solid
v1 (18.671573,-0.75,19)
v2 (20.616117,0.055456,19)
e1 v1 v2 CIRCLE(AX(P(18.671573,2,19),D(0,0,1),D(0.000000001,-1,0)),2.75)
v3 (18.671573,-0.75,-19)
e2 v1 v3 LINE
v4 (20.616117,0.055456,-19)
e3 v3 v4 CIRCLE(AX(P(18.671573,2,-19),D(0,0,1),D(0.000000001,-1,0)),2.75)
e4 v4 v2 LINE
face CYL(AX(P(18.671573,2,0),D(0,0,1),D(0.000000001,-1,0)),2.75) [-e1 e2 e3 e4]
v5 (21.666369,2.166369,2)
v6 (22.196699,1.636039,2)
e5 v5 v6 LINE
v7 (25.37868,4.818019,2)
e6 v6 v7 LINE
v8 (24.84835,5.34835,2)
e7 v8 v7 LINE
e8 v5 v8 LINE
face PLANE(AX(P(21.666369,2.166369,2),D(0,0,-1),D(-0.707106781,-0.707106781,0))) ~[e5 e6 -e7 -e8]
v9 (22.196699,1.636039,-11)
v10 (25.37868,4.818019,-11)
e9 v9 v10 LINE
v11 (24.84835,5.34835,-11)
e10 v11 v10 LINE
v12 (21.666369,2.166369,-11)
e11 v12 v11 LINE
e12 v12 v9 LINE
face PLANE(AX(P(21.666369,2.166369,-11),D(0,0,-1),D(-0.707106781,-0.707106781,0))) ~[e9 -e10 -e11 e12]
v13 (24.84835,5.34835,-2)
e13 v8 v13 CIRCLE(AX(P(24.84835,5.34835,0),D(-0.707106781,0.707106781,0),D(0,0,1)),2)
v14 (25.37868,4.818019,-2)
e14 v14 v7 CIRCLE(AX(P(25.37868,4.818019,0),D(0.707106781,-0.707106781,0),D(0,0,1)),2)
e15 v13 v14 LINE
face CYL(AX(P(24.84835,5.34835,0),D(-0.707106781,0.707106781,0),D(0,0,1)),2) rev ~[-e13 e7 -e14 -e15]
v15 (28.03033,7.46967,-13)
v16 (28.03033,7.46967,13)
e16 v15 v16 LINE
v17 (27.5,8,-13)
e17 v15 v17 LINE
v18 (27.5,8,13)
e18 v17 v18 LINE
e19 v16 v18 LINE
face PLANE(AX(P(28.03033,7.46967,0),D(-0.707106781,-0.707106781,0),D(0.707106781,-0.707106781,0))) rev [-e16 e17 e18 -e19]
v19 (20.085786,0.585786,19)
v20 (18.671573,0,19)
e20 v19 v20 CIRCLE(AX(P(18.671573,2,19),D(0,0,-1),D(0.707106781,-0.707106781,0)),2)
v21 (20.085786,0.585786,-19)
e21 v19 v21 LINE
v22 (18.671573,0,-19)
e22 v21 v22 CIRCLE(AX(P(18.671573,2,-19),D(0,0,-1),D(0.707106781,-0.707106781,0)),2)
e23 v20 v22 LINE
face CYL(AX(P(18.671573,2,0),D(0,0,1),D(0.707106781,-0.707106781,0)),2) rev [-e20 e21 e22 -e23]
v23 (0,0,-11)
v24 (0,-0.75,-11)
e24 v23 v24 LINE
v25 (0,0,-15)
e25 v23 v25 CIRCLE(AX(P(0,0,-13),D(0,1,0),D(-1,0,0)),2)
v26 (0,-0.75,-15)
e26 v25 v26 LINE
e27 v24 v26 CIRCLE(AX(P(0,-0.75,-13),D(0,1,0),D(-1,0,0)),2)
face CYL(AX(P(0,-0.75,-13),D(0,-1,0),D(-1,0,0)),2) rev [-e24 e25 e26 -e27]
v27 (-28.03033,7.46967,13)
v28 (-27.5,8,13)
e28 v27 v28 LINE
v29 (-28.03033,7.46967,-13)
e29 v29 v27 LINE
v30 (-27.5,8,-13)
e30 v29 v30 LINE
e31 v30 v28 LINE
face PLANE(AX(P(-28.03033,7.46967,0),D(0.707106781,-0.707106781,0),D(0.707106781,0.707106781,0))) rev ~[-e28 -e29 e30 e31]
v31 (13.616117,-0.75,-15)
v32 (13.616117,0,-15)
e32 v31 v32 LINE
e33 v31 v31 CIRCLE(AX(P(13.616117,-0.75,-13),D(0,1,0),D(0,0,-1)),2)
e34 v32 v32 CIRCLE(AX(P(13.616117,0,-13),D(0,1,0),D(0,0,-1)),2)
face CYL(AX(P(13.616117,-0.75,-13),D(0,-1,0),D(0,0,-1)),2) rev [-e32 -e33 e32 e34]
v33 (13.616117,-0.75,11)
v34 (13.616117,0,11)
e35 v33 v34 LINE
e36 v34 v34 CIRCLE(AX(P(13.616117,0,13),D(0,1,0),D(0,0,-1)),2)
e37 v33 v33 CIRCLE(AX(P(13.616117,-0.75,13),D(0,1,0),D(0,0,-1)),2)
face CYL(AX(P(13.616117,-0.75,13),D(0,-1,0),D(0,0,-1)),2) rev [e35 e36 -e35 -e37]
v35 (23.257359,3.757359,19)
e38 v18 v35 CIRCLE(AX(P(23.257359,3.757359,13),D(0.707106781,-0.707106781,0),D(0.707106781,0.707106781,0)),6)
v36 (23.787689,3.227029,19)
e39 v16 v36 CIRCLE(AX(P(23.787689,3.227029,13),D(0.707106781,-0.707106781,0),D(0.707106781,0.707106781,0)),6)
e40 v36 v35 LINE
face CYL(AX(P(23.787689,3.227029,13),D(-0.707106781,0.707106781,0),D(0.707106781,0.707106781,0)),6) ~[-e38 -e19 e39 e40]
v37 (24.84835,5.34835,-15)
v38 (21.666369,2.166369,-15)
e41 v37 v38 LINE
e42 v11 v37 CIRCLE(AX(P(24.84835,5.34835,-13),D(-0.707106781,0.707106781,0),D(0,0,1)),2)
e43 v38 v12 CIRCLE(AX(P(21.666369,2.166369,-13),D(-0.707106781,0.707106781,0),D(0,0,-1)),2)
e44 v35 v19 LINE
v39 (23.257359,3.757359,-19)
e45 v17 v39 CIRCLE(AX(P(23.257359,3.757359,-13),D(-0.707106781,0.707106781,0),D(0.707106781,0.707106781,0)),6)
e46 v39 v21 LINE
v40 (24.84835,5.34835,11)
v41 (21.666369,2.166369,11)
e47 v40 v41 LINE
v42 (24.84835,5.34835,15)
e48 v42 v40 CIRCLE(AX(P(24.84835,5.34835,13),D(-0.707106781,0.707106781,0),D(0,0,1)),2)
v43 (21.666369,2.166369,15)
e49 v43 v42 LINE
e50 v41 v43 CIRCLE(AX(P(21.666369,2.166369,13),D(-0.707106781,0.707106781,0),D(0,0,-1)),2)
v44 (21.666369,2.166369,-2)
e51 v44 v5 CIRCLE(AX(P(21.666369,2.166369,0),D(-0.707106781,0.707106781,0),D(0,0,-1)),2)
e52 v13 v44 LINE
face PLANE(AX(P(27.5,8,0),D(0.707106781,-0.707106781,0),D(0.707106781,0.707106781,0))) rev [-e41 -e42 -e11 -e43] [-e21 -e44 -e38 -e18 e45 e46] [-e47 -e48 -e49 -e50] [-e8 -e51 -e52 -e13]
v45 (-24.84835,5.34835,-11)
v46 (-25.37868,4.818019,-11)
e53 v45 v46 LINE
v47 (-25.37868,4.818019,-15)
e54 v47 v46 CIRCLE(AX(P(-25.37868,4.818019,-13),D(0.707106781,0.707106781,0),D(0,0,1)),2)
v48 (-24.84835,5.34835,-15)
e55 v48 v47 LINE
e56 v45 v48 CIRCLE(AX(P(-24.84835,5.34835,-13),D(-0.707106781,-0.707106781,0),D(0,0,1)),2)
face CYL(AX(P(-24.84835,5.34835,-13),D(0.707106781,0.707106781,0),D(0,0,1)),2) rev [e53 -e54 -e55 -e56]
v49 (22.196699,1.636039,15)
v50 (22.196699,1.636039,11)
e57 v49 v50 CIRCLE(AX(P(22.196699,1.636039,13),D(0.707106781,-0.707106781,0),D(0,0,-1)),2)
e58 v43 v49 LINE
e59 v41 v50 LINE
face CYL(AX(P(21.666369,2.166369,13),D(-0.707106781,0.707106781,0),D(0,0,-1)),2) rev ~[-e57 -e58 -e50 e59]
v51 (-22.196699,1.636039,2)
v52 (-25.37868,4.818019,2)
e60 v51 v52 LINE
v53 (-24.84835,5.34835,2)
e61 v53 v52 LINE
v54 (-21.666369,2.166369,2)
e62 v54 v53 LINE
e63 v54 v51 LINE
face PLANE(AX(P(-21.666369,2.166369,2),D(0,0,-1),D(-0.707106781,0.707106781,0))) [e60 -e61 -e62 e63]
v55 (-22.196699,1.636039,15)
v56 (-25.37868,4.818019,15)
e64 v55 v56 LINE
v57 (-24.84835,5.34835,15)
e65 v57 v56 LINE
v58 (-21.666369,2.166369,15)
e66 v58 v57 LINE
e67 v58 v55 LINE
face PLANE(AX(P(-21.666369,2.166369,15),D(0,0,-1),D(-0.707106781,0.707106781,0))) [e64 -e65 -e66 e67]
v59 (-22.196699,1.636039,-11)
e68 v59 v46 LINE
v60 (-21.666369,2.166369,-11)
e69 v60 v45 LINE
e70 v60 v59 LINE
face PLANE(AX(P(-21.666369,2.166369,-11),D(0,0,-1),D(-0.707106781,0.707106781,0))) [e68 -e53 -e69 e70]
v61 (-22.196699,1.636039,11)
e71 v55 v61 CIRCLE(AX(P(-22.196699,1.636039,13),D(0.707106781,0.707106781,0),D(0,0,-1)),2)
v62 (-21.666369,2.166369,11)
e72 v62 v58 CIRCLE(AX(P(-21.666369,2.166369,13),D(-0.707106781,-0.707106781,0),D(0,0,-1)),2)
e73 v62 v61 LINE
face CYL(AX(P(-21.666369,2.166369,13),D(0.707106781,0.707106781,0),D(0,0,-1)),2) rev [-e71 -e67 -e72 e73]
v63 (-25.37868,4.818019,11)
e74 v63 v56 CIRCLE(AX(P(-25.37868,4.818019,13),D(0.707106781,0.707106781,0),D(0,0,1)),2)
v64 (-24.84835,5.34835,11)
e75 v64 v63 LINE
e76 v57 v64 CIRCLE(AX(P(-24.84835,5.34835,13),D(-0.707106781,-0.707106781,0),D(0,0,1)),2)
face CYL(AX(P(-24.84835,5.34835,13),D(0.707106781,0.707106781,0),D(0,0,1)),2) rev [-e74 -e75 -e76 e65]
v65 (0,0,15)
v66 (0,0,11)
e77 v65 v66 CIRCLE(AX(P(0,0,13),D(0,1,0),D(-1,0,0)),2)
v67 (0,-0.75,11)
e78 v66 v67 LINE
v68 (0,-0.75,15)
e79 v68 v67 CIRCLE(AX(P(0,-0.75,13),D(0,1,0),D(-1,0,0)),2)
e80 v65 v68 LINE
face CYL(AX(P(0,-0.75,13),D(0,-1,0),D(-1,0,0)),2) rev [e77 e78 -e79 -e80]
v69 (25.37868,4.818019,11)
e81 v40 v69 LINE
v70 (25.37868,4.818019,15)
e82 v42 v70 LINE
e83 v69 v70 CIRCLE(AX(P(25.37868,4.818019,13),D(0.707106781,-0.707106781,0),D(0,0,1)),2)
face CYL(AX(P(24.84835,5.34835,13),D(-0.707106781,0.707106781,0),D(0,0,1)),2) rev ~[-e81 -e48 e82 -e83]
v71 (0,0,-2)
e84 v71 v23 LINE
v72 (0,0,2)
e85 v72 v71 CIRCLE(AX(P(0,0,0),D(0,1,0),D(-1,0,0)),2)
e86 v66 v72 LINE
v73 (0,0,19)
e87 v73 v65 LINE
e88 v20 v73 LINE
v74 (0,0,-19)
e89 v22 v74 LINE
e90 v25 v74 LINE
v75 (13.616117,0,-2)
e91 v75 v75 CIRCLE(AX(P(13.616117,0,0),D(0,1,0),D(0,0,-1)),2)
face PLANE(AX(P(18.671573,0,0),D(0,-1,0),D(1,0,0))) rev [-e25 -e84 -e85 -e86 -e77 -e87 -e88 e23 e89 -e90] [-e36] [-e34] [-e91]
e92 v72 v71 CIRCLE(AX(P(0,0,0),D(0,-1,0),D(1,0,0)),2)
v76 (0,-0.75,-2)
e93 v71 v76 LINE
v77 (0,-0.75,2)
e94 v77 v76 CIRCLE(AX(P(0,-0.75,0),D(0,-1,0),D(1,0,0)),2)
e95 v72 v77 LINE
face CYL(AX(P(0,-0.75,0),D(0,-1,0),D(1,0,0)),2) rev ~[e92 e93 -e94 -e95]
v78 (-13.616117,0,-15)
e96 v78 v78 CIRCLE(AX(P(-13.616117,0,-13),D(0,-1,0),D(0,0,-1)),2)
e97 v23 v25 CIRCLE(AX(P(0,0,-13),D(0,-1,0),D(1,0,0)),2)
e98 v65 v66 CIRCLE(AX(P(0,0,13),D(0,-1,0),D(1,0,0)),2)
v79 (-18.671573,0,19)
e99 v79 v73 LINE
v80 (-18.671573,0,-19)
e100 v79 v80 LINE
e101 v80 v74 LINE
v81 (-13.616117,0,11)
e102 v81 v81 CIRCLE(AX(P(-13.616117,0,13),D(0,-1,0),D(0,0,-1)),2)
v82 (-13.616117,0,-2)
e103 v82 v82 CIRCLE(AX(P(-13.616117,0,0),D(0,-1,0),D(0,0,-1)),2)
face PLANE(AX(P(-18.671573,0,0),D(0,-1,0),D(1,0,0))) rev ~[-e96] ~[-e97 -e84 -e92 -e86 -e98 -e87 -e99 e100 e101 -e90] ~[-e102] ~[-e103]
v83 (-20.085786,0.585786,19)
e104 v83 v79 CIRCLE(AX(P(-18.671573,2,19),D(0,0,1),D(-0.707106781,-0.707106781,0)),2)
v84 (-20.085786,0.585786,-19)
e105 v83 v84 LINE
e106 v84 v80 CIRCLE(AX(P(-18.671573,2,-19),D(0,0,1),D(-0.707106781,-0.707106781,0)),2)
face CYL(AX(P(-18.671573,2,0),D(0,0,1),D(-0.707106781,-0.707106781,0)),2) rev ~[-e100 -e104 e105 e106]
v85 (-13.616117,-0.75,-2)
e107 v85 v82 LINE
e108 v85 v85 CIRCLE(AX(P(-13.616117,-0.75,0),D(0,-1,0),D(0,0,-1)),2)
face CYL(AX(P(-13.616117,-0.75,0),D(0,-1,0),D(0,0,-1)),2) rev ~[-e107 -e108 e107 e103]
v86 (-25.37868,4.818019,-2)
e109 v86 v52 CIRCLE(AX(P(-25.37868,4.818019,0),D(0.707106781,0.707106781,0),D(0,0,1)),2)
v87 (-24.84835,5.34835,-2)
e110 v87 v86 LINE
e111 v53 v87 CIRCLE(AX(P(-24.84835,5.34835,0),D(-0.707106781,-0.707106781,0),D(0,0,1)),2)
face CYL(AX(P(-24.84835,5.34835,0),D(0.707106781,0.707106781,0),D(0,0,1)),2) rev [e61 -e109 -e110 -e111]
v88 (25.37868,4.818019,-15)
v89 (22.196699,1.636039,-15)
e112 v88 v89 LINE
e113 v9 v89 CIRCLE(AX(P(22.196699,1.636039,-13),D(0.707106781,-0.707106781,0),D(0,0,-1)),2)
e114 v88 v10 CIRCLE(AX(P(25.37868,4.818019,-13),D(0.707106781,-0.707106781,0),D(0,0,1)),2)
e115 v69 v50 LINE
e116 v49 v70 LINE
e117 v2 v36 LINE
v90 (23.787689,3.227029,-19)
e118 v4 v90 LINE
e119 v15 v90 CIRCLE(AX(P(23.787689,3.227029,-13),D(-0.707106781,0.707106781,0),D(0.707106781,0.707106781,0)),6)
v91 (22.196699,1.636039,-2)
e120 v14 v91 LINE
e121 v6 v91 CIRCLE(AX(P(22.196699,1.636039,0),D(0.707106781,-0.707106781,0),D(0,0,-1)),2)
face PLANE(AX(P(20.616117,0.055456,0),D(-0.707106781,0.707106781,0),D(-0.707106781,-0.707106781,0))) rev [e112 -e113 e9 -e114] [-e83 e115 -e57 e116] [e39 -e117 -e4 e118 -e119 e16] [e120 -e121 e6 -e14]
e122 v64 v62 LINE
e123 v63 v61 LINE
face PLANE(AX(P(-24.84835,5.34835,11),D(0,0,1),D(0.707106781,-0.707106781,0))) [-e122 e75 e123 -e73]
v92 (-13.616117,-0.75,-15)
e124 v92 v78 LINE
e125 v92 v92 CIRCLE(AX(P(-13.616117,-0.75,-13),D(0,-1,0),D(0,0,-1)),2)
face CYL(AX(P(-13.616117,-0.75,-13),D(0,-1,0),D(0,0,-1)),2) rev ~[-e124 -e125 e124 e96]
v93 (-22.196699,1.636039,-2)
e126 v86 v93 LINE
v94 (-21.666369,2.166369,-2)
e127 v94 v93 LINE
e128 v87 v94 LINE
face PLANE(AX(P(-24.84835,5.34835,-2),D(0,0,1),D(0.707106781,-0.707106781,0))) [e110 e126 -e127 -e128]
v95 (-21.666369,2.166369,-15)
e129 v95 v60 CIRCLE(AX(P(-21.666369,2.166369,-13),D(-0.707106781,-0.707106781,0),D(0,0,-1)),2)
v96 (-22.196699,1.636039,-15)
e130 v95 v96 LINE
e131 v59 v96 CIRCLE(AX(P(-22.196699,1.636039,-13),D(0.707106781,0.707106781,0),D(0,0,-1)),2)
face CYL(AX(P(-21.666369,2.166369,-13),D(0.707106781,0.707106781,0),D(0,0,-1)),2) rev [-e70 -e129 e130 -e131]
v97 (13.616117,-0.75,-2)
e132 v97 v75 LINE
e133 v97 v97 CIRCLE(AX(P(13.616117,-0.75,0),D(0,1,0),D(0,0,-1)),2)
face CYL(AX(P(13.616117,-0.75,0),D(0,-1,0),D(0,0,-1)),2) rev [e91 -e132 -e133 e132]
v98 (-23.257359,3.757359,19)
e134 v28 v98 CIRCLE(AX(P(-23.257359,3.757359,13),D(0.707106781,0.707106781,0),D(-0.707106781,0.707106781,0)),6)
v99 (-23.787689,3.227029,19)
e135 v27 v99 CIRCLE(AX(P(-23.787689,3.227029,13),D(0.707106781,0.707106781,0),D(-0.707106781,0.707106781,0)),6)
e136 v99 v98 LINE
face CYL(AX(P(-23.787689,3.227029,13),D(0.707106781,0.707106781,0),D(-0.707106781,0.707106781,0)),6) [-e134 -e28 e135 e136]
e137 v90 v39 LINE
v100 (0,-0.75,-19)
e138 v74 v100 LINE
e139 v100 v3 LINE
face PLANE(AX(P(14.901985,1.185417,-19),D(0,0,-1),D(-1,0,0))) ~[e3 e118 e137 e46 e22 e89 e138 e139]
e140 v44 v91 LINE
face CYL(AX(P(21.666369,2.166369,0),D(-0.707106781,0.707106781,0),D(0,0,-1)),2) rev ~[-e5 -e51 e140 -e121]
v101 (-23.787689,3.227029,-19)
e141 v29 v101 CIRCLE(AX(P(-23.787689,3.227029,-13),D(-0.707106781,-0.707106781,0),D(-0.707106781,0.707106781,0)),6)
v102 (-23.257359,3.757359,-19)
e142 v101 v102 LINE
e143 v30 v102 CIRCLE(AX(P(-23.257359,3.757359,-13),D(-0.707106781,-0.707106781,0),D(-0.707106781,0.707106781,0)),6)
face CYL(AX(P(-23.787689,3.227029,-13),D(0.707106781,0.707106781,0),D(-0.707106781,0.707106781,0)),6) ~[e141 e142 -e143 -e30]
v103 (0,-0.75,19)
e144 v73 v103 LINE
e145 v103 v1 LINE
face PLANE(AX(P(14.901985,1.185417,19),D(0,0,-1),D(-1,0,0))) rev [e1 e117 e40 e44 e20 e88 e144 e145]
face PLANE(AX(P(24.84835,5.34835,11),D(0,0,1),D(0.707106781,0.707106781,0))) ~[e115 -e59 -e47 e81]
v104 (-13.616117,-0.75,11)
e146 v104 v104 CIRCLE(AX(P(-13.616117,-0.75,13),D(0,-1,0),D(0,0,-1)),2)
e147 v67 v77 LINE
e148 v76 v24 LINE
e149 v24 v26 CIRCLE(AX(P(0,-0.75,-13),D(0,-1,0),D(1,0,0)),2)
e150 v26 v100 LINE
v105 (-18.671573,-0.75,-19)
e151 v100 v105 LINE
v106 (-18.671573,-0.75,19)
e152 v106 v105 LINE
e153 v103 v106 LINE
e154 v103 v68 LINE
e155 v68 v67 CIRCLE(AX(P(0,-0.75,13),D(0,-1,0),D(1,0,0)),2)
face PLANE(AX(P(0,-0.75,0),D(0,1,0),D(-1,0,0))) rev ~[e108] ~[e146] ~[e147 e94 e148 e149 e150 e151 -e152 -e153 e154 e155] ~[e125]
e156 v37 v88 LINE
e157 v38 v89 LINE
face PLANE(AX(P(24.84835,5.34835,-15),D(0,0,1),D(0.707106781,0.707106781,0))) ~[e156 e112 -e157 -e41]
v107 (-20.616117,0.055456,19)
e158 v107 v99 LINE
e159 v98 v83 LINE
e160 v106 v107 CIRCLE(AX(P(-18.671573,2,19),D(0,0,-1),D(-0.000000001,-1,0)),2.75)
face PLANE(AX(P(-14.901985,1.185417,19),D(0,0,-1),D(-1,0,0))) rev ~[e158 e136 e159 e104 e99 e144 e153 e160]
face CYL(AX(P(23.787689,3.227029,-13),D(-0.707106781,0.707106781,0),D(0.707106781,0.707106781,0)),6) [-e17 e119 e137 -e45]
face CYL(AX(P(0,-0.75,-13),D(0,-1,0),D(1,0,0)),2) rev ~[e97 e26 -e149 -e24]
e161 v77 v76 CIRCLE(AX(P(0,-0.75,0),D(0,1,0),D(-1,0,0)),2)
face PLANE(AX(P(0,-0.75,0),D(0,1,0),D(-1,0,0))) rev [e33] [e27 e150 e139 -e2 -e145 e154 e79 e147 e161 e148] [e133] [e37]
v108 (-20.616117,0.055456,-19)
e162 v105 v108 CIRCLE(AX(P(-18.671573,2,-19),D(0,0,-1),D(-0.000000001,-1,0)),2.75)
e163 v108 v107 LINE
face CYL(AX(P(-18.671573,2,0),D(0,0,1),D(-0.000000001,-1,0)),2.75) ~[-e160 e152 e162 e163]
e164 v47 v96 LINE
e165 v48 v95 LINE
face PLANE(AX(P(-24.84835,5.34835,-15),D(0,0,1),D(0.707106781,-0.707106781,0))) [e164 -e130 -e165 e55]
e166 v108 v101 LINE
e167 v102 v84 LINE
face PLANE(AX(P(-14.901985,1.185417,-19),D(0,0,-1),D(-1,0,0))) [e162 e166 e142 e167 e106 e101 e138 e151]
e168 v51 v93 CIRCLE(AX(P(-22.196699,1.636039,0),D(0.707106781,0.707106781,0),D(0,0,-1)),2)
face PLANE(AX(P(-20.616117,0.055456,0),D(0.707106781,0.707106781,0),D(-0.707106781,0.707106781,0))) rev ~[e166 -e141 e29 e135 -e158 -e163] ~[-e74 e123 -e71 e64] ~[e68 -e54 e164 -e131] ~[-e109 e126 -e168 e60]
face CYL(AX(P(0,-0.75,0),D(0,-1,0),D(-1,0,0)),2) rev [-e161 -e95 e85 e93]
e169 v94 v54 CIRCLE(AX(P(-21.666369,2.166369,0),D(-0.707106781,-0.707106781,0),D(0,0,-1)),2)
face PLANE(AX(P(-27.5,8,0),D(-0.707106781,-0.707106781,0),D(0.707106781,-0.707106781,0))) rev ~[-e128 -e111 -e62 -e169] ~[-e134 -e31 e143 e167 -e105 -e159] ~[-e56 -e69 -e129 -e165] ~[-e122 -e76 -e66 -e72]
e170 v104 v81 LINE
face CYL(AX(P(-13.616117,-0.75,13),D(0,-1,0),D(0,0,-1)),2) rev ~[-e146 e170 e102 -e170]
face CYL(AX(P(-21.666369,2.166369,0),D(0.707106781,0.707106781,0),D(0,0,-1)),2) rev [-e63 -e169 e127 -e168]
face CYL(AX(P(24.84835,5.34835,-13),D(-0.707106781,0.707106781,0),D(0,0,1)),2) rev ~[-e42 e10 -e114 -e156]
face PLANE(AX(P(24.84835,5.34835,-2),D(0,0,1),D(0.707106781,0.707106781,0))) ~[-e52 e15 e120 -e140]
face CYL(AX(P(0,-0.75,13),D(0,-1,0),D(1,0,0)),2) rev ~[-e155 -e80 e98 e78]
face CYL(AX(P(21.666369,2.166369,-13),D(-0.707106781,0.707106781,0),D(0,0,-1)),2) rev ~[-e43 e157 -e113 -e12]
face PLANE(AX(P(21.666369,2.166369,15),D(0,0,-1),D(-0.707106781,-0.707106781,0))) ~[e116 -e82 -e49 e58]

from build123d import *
from build123d.topology import SkipClean

# Parameters (mm, degrees)
ESTRUSIONE_SOTTILE1_DEPTH = 19
SCHIZZO2_R                = 2
TAGLIO_ESTRUSIONE2_DEPTH  = 10
TAGLIO_ESTRUSIONE3_DEPTH  = 10
RACCORDO1_R               = 6


with BuildPart() as part:
    # Schizzo1 → Estrusione-Sottile1 (new, symmetric)
    with BuildSketch(Plane.XY):
        with BuildLine():
            Line((-27.5, 8), (-20.085786438, 0.585786438))
            ThreePointArc((-20.085786438, 0.585786438), (-19.43693974, 0.152240935), (-18.671572875, 0))
            Line((-18.671572875, 0), (0, 0))
            Line((0, 0), (0, -0.75))
            Line((0, -0.75), (-18.671572875, -0.75))
            ThreePointArc((-18.671572875, -0.75), (-19.723952314, -0.540668714), (-20.616116524, 0.055456352))
            Line((-20.616116524, 0.055456352), (-28.030330086, 7.469669914))
            Line((-28.030330086, 7.469669914), (-27.5, 8))
        make_face()
    extrude(amount=ESTRUSIONE_SOTTILE1_DEPTH, both=True)

    # Schizzo2 → Taglio-Estrusione2 (cut)
    with BuildSketch(Plane.XZ.offset(0.75)):
        with Locations(Location((-13.616116524, -13, 0), (0, 0, 270))):
            Circle(SCHIZZO2_R)
        with Locations((0, -13)):
            Circle(SCHIZZO2_R)
        with Locations(Location((-13.616116524, 0, 0), (0, 0, 270))):
            Circle(SCHIZZO2_R)
        Circle(SCHIZZO2_R)
        with Locations((0, 13)):
            Circle(SCHIZZO2_R)
        with Locations(Location((-13.616116524, 13, 0), (0, 0, 270))):
            Circle(SCHIZZO2_R)
    extrude(amount=-TAGLIO_ESTRUSIONE2_DEPTH, mode=Mode.SUBTRACT)

    # Schizzo3 → Taglio-Estrusione3 (cut)
    with BuildSketch(Plane(origin=(-9.75, -9.75, 0), x_dir=(0, 0, -1), z_dir=(0.7071067811865487, 0.7071067811865465, 0))):
        with BuildLine():
            Line((-11, 21.352290732), (-11, 16.852290732))
            ThreePointArc((-11, 16.852290732), (-13, 14.852290732), (-15, 16.852290732))
            Line((-15, 16.852290732), (-15, 21.352290732))
            ThreePointArc((-15, 21.352290732), (-13, 23.352290732), (-11, 21.352290732))
        make_face()
        with BuildLine():
            Line((2, 21.352290732), (2, 16.852290732))
            ThreePointArc((2, 16.852290732), (0, 14.852290732), (-2, 16.852290732))
            Line((-2, 16.852290732), (-2, 21.352290732))
            ThreePointArc((-2, 21.352290732), (0, 23.352290732), (2, 21.352290732))
        make_face()
        with BuildLine():
            Line((11, 16.852290732), (11, 21.352290732))
            ThreePointArc((11, 21.352290732), (13, 23.352290732), (15, 21.352290732))
            Line((15, 21.352290732), (15, 16.852290732))
            ThreePointArc((15, 16.852290732), (13, 14.852290732), (11, 16.852290732))
        make_face()
    extrude(amount=-TAGLIO_ESTRUSIONE3_DEPTH, mode=Mode.SUBTRACT)

    # Raccordo1
    raccordo1_edges = [part.edges().sort_by_distance(p)[0] for p in [
        (-27.765165043, 7.734834957, 19),
        (-27.765165043, 7.734834957, -19),
    ]]
    fillet(raccordo1_edges, radius=RACCORDO1_R)

    # Specchia1: part across plane


with BuildPart() as part_1:
    with SkipClean():  # the faces are left unmerged after this step: merging them gives an invalid solid
        add(part.part)
        add(part.part.mirror(Plane(origin=(0, 0, 19), x_dir=(0, 0, 1), z_dir=(1, 0, 0))))


solid = part_1.part
